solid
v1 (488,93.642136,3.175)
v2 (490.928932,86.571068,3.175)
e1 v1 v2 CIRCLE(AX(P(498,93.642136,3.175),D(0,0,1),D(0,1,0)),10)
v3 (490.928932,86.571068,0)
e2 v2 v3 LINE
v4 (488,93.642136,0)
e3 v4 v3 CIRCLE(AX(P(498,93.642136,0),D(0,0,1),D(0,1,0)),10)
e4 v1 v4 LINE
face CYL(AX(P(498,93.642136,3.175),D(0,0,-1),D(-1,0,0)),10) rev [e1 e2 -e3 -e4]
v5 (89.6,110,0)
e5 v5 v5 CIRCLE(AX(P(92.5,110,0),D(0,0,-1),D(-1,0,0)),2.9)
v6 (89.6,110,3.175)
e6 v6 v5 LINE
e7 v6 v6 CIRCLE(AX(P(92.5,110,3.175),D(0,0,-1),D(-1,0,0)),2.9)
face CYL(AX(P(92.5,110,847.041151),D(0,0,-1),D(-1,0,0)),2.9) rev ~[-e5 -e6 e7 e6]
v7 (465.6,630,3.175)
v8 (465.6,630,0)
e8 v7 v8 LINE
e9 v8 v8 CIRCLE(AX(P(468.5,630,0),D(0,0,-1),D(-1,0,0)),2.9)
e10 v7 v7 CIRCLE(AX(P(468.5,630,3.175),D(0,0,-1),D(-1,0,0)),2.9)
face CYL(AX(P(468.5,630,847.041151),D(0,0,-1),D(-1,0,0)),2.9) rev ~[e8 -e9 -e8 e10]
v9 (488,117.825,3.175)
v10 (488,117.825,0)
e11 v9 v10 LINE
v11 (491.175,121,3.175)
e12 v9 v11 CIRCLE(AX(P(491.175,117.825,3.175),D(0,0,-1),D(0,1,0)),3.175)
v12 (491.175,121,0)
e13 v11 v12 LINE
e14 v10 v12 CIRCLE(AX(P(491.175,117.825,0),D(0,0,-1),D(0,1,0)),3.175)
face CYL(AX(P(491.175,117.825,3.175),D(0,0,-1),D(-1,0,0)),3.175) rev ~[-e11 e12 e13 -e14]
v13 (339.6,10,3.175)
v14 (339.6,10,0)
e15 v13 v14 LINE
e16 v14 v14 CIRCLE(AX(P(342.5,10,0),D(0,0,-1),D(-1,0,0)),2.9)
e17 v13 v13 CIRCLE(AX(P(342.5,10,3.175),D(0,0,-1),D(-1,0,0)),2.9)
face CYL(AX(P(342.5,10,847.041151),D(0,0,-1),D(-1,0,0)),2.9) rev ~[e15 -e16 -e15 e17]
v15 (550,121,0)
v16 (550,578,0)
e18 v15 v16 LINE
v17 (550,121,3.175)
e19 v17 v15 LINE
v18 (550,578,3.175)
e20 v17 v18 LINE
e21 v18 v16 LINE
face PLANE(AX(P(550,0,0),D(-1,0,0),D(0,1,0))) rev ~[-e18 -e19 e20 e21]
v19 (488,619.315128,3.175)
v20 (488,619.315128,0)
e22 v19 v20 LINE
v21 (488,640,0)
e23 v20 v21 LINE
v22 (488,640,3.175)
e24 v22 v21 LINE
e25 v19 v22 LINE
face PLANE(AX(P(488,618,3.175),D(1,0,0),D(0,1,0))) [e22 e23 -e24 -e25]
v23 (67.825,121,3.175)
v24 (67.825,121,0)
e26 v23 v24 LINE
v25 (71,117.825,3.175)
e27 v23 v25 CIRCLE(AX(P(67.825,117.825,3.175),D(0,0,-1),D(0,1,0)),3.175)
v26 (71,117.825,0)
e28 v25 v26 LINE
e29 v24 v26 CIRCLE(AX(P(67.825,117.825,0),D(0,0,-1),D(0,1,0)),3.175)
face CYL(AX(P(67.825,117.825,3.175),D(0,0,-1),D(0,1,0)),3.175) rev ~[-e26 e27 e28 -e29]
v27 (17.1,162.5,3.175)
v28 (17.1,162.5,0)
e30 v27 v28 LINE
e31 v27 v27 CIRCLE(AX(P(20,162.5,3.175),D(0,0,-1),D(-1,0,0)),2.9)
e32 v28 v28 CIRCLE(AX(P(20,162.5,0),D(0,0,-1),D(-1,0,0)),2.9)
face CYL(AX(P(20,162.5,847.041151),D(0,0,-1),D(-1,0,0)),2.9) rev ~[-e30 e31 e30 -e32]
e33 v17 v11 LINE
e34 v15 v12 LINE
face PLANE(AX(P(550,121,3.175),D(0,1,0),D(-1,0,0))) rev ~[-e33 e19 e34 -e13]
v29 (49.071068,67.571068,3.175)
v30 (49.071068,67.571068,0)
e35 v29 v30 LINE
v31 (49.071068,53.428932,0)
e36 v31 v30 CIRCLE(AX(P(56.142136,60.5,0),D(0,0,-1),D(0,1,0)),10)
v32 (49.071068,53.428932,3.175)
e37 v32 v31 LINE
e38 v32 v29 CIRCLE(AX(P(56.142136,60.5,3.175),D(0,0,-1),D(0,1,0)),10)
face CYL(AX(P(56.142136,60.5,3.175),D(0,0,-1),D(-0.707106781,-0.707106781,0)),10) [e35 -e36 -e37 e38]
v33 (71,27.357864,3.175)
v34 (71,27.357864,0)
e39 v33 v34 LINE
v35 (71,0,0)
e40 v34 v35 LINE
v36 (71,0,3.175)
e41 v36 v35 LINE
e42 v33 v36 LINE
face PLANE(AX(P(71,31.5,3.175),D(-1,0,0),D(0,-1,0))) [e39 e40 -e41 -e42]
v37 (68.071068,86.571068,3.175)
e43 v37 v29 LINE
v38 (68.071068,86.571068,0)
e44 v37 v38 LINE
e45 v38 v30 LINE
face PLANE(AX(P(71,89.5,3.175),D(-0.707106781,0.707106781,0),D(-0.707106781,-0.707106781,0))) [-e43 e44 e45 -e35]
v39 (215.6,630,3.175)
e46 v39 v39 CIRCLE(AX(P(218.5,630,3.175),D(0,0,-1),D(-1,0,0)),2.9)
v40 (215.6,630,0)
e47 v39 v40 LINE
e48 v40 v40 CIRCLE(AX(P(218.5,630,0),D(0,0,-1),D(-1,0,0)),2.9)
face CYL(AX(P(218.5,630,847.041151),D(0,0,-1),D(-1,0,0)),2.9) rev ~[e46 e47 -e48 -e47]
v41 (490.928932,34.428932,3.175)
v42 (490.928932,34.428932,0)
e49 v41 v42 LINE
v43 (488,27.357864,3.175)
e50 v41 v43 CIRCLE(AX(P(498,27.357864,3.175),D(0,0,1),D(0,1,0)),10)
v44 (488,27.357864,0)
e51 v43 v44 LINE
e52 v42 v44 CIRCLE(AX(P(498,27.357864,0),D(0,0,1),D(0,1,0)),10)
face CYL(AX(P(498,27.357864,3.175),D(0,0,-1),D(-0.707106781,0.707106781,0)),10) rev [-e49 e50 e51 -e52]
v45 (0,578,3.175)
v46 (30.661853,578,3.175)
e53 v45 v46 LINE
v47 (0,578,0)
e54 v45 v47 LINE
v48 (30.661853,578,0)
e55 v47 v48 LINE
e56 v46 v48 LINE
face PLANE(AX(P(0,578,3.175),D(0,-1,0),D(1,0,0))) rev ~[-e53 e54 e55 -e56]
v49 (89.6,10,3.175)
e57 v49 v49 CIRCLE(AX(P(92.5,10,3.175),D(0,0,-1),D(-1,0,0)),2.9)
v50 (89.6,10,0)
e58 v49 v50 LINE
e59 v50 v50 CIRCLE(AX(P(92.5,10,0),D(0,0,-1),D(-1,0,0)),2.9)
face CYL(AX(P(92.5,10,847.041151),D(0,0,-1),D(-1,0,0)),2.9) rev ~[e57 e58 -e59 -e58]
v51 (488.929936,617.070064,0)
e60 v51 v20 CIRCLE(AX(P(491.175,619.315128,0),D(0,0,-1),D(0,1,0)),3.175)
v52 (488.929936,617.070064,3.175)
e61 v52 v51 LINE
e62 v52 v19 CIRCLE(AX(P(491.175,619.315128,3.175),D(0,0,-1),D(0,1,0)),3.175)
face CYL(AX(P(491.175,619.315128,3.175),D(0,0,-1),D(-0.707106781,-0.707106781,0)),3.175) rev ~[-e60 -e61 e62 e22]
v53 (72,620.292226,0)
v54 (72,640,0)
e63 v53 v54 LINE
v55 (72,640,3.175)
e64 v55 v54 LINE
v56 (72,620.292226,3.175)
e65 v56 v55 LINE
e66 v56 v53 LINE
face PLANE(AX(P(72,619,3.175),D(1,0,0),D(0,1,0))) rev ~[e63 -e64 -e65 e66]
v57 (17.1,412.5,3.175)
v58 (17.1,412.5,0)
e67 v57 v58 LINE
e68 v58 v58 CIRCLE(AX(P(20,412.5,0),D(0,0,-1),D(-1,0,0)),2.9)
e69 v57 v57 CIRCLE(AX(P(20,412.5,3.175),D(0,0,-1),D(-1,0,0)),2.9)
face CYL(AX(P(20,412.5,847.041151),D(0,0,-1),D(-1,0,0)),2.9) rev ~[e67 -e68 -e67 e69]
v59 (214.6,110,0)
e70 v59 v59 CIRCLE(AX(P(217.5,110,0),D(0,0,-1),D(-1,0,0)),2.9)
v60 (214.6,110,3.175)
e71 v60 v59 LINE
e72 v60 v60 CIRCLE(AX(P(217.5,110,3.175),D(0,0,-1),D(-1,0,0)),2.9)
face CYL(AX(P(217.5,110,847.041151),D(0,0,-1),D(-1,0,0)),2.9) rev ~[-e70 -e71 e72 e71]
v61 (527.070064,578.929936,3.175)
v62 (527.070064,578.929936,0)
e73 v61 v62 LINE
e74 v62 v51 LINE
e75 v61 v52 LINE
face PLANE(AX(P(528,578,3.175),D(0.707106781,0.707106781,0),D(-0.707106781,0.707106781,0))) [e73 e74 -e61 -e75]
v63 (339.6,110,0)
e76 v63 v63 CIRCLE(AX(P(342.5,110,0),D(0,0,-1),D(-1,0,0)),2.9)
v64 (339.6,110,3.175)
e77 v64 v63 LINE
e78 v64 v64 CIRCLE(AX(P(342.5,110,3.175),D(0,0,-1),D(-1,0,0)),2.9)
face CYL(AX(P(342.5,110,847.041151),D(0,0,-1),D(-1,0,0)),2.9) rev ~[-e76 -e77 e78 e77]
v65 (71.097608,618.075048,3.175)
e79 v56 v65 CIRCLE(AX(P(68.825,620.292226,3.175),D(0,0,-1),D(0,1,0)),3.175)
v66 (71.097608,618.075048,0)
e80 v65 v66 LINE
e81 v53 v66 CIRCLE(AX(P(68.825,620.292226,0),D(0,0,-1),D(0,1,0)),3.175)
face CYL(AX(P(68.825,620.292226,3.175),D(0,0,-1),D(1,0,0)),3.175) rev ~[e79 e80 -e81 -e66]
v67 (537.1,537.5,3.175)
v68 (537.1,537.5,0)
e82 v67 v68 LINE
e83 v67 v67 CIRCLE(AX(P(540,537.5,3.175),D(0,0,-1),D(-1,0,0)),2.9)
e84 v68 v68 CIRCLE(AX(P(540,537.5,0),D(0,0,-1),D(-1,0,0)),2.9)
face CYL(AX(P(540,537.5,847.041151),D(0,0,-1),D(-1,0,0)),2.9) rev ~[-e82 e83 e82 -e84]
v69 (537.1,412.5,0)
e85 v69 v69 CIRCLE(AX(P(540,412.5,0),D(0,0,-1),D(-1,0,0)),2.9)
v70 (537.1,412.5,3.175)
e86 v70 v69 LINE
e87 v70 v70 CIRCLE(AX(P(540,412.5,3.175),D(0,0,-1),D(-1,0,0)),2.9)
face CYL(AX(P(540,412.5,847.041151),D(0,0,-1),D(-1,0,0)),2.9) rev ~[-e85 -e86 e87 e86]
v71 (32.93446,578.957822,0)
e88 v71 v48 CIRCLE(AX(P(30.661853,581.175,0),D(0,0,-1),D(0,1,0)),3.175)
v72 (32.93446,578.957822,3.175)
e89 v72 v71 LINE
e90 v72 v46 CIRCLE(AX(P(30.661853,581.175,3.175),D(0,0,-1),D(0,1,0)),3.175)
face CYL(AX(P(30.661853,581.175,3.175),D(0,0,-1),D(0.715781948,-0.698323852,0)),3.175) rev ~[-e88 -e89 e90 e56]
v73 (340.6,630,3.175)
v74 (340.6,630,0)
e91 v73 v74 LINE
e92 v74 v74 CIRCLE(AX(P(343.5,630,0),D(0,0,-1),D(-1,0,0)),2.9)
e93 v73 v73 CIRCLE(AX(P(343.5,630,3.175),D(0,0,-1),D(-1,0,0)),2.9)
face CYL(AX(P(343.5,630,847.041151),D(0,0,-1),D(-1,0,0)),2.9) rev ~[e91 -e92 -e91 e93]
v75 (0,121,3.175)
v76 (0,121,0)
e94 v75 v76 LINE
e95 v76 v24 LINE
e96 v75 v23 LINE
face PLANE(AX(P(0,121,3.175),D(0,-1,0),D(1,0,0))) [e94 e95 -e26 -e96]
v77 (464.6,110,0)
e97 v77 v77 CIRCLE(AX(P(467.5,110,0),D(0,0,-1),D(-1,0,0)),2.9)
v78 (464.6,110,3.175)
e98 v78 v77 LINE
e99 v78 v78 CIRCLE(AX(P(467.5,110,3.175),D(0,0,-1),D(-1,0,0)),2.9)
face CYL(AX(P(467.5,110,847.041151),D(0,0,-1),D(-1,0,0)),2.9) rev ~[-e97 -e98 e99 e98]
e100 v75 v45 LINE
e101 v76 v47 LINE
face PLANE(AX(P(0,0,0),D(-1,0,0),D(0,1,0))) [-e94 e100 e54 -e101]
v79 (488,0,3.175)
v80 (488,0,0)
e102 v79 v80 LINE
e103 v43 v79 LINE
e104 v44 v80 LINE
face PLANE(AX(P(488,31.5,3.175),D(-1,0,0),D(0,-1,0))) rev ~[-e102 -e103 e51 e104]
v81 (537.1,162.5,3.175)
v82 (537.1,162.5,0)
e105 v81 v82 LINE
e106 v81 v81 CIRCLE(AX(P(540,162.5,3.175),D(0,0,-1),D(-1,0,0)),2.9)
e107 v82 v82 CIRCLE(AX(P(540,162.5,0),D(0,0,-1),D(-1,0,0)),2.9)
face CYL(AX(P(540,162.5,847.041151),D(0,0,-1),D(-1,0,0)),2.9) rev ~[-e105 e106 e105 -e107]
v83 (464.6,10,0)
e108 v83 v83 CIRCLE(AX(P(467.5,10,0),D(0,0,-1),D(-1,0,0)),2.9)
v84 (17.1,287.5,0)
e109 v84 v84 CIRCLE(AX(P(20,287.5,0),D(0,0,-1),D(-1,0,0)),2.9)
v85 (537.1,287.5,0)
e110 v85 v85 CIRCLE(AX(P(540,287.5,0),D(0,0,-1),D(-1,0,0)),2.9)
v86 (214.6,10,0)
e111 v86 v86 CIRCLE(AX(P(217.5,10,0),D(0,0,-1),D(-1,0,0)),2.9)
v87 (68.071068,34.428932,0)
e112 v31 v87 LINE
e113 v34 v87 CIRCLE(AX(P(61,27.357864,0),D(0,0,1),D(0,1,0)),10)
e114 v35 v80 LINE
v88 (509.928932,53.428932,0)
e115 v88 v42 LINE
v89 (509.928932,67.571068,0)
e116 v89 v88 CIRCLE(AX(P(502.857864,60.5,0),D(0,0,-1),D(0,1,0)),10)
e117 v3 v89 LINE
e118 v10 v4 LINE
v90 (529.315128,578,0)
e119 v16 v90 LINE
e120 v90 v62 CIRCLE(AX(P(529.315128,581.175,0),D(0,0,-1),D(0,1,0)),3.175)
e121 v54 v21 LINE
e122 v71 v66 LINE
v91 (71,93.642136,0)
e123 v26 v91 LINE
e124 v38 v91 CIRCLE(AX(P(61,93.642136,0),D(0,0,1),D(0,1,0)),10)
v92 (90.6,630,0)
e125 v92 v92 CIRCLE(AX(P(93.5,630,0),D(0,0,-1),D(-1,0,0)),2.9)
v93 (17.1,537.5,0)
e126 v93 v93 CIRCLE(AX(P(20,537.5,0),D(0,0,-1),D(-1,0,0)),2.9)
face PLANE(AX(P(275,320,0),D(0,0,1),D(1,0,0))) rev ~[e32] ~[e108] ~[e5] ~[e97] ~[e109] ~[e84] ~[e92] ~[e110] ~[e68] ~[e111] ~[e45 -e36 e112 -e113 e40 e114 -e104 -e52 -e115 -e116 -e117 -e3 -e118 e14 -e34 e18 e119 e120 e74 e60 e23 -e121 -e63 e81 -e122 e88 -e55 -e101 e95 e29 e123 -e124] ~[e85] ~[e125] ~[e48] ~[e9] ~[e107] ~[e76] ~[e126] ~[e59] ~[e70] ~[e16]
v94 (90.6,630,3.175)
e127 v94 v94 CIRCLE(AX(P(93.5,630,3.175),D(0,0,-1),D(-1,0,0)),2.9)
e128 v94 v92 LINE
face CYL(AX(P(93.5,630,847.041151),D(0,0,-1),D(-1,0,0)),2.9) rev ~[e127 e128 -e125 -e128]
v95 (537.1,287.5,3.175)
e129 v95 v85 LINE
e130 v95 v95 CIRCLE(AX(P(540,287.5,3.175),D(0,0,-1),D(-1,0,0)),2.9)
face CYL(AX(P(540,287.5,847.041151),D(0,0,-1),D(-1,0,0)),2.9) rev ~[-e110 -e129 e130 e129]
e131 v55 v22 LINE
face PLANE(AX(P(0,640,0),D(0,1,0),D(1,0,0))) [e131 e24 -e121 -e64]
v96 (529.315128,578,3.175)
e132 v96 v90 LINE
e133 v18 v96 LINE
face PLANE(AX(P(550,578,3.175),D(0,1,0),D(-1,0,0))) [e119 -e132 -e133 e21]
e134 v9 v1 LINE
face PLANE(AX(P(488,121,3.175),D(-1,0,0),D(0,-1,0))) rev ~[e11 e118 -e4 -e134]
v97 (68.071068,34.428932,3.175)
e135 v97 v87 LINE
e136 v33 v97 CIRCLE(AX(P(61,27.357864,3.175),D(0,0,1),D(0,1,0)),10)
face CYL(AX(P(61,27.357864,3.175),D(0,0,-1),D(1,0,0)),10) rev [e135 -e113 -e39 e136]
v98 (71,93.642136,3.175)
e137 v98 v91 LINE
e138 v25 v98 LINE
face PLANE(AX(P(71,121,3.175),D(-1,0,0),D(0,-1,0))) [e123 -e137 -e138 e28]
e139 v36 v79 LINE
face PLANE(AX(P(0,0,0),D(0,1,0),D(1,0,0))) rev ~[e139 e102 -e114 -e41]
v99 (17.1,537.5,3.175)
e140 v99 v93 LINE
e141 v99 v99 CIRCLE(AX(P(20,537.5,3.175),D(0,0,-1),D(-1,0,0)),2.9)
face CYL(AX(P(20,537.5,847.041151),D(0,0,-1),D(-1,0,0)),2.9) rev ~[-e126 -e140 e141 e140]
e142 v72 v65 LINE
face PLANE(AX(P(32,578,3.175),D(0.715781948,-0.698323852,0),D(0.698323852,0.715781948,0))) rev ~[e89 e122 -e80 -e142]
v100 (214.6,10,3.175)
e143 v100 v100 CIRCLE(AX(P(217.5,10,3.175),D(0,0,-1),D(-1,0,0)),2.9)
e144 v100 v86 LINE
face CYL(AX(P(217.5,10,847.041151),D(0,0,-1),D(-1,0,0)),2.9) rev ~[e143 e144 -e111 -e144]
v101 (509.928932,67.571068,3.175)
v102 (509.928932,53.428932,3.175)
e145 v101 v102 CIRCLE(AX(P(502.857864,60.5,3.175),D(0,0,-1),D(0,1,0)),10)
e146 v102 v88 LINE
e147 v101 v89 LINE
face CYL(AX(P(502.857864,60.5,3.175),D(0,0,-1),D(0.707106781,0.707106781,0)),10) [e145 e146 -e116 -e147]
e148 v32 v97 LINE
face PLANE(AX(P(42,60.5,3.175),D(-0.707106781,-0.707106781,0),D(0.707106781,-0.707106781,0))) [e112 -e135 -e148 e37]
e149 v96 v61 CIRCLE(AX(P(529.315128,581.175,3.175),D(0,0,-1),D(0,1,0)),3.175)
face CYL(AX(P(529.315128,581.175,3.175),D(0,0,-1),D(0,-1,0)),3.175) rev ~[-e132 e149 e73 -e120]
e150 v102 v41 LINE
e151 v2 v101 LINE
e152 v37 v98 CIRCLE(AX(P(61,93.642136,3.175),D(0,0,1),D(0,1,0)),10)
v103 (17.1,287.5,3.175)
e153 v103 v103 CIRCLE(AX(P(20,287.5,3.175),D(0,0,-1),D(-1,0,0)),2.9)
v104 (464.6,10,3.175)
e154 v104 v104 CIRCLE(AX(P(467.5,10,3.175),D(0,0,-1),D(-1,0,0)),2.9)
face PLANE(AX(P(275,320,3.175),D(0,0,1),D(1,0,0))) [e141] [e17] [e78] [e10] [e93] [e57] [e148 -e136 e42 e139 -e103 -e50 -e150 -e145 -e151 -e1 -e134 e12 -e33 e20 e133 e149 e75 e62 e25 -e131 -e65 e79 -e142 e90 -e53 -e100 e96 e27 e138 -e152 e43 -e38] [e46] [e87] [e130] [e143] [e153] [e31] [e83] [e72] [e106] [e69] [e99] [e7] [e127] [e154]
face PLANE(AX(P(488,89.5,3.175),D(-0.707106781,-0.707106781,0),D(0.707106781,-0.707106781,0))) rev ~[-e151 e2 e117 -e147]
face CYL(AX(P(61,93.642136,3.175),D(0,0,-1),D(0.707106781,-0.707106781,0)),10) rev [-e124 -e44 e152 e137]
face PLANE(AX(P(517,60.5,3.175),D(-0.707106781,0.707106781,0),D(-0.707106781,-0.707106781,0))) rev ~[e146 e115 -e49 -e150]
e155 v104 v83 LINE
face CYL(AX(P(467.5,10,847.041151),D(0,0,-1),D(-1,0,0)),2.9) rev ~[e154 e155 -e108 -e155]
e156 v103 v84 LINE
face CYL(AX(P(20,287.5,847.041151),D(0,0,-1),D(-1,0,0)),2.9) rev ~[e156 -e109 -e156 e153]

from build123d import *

# Parameters (mm, degrees)
SKETCH2_W            = 550
SKETCH2_H            = 640
BOSS_EXTRUDE1_DEPTH  = 3.175
CUT_EXTRUDE1_DEPTH   = 844.866150894
FILLET1_R            = 10
FILLET2_R            = 3.175
M5_CLEARANCE_HOLE1_D = 5.8
LPATTERN1_COUNT      = 4
LPATTERN1_PITCH      = 125
M5_CLEARANCE_HOLE2_D = 5.8
LPATTERN2_COUNT      = 4
LPATTERN2_PITCH      = 125
M5_CLEARANCE_HOLE3_D = 5.8
LPATTERN3_COUNT      = 4
LPATTERN3_PITCH      = 125


with BuildPart() as part:
    # Sketch2 → Boss-Extrude1 (new body)
    with BuildSketch(Plane.XY):
        with Locations((275, 320)):
            Rectangle(SKETCH2_W, SKETCH2_H)
    extrude(amount=BOSS_EXTRUDE1_DEPTH)

    # Sketch3 → Cut-Extrude1 (cut, through all)
    with BuildSketch(Plane.XY.offset(3.175)):
        Polygon((0, 640), (0, 578), (32, 578), (72, 619), (72, 640), align=None)
        Polygon((488, 618), (488, 640), (550, 640), (550, 578), (528, 578), align=None)
        Polygon((0, 121), (71, 121), (71, 89.5), (42, 60.5), (71, 31.5), (71, 0), (0, 0), align=None)
        Polygon((550, 0), (550, 121), (488, 121), (488, 89.5), (517, 60.5), (488, 31.5), (488, 0), align=None)
    extrude(amount=-CUT_EXTRUDE1_DEPTH, mode=Mode.SUBTRACT)

    # Fillet1
    fillet1_edges = [part.edges().sort_by_distance(p)[0] for p in [
        (71, 89.5, 1.5875),
        (42, 60.5, 1.5875),
        (71, 31.5, 1.5875),
        (488, 31.5, 1.5875),
        (517, 60.5, 1.5875),
        (488, 89.5, 1.5875),
    ]]
    fillet(fillet1_edges, radius=FILLET1_R)

    # Fillet2
    fillet2_edges = [part.edges().sort_by_distance(p)[0] for p in [
        (72, 619, 1.5875),
        (32, 578, 1.5875),
        (528, 578, 1.5875),
        (488, 618, 1.5875),
        (71, 121, 1.5875),
        (488, 121, 1.5875),
    ]]
    fillet(fillet2_edges, radius=FILLET2_R)

    # M5 Clearance Hole1 (through all)
    with Locations(Plane(origin=(93.5, 630, 3.175), x_dir=(1, 0, 0), z_dir=(0, 0, 1))):
        with Locations((0, 0)):
            m5_clearance_hole1 = Hole(M5_CLEARANCE_HOLE1_D / 2)

    # LPattern1: M5 Clearance Hole1 ×4
    with Locations(*[(i * LPATTERN1_PITCH, 0, 0) for i in range(1, LPATTERN1_COUNT)]):
        add(m5_clearance_hole1, mode=Mode.SUBTRACT)

    # M5 Clearance Hole2 (through all)
    with Locations(Plane(origin=(20, 162.5, 3.175), x_dir=(1, 0, 0), z_dir=(0, 0, 1))):
        with Locations((0, 0), (520, 0)):
            m5_clearance_hole2 = Hole(M5_CLEARANCE_HOLE2_D / 2)

    # LPattern2: M5 Clearance Hole2 ×4
    with Locations(*[(0, i * LPATTERN2_PITCH, 0) for i in range(1, LPATTERN2_COUNT)]):
        add(m5_clearance_hole2, mode=Mode.SUBTRACT)

    # M5 Clearance Hole3 (through all)
    with Locations(Plane(origin=(92.5, 110, 3.175), x_dir=(1, 0, 0), z_dir=(0, 0, 1))):
        with Locations((0, 0), (0, -100)):
            m5_clearance_hole3 = Hole(M5_CLEARANCE_HOLE3_D / 2)

    # LPattern3: M5 Clearance Hole3 ×4
    with Locations(*[(i * LPATTERN3_PITCH, 0, 0) for i in range(1, LPATTERN3_COUNT)]):
        add(m5_clearance_hole3, mode=Mode.SUBTRACT)


solid = part.part
